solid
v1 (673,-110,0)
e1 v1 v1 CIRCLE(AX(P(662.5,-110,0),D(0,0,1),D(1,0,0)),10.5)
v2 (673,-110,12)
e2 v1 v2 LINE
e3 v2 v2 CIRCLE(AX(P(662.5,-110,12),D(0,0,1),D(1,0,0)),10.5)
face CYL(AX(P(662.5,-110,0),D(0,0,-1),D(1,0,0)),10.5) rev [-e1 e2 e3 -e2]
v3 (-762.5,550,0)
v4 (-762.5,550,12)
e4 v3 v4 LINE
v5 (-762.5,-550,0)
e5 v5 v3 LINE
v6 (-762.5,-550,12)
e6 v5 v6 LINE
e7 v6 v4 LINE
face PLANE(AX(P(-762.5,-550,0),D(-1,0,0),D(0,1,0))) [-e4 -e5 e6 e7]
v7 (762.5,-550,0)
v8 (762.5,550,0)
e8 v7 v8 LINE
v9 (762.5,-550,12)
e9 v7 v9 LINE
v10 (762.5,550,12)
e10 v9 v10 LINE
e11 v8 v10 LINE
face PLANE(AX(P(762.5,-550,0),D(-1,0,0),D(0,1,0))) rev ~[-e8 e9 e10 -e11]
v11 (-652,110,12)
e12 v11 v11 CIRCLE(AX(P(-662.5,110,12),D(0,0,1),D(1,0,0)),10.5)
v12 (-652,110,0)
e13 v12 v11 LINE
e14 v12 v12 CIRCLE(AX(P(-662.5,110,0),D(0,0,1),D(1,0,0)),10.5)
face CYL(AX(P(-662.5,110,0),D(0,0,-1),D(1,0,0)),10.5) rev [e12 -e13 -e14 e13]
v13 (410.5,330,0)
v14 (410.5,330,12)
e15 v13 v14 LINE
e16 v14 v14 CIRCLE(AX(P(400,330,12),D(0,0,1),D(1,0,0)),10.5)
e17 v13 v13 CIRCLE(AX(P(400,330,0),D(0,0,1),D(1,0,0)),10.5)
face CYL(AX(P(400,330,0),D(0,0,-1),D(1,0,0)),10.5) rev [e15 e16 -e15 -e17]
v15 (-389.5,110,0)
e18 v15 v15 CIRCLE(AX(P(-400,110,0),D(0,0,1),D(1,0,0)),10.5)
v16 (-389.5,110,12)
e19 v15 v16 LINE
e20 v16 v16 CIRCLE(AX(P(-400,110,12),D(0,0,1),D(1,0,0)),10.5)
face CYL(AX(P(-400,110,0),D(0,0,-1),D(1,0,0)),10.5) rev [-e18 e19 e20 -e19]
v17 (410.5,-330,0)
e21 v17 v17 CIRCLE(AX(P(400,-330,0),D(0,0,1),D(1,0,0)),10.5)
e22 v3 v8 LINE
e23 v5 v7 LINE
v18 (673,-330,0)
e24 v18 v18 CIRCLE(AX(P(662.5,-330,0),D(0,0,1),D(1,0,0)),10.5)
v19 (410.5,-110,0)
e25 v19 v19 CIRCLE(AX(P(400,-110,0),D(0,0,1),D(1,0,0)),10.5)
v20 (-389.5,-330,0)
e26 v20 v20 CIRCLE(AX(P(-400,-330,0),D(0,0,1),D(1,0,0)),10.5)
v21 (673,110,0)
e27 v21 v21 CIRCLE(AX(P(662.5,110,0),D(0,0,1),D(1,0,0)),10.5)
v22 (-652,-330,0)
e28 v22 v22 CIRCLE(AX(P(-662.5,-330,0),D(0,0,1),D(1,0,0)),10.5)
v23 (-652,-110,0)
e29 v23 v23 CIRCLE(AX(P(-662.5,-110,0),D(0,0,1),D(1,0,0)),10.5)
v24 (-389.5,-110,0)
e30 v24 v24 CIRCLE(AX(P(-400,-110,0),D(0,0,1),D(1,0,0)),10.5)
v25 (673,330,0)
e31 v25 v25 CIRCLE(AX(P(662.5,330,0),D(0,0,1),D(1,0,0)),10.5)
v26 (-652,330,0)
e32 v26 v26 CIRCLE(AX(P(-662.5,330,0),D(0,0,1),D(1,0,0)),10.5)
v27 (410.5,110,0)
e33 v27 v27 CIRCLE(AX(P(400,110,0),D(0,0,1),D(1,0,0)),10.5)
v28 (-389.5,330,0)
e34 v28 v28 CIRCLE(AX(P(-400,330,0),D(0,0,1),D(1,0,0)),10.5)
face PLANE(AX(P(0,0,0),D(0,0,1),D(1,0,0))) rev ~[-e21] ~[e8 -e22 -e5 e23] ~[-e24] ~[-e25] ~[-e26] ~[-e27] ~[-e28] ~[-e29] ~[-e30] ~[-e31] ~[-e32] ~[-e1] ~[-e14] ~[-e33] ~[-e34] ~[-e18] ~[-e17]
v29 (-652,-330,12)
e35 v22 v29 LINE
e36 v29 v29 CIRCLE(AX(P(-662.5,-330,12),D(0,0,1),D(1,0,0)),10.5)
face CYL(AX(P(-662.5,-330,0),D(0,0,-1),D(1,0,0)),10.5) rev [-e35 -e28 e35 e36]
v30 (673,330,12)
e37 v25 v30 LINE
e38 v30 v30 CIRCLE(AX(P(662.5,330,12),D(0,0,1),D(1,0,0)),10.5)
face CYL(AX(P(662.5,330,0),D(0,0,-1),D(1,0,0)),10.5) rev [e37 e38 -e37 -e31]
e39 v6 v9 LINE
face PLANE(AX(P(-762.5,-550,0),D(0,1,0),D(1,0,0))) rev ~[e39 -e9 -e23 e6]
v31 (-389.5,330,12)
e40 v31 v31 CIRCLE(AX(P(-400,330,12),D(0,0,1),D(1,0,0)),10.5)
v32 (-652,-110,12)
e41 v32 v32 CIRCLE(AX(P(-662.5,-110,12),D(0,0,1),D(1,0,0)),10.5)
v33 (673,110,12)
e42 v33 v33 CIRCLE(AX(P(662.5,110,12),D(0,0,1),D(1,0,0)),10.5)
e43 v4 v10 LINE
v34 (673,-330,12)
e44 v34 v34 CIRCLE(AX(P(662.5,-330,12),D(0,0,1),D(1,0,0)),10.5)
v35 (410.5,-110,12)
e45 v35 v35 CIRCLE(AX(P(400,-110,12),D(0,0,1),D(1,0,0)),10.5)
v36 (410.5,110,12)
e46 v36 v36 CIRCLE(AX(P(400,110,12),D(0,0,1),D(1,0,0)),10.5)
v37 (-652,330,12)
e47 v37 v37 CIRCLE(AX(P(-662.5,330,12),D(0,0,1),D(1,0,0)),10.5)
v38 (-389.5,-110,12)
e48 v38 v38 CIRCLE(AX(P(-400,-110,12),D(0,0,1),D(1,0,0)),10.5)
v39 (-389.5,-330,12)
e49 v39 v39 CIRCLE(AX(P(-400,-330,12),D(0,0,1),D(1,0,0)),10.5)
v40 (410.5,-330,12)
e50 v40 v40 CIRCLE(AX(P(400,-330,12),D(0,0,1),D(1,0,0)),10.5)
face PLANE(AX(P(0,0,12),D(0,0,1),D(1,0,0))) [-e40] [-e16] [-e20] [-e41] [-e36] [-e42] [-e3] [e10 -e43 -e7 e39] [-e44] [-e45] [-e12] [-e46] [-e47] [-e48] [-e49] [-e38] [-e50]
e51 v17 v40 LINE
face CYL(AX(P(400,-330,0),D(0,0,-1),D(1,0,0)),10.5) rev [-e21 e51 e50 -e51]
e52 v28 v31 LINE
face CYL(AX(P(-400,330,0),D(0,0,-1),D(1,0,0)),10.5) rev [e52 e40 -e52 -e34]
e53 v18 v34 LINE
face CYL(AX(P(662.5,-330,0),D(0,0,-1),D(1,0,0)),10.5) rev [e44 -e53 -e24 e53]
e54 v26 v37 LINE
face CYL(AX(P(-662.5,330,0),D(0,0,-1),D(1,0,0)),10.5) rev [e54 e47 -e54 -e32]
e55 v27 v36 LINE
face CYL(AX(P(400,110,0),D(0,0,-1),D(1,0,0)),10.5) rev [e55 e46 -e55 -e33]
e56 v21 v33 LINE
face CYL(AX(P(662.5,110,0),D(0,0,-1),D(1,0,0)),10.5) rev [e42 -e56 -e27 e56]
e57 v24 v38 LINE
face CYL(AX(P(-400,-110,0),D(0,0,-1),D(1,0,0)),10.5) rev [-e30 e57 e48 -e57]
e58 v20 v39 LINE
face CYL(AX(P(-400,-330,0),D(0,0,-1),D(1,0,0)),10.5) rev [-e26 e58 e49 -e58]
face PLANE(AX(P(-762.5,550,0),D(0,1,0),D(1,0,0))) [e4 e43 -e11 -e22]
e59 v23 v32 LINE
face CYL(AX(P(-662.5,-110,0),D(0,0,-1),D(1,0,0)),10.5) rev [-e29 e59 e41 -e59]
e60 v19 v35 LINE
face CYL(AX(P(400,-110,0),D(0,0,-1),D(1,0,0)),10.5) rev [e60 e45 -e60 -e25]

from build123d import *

# Parameters (mm, degrees)
F0_W     = 1525
F0_H     = 1100
F0_R     = 10.5
F1_DEPTH = 12


with BuildPart() as f1:
    # F0 (on Top) → F1 (new body)
    with BuildSketch(Plane.XY):
        Rectangle(F0_W, F0_H)
        with Locations((-662.5, -330)):
            Circle(F0_R, mode=Mode.SUBTRACT)
        with Locations((-400, -330)):
            Circle(F0_R, mode=Mode.SUBTRACT)
        with Locations((-662.5, -110)):
            Circle(F0_R, mode=Mode.SUBTRACT)
        with Locations((-400, -110)):
            Circle(F0_R, mode=Mode.SUBTRACT)
        with Locations((400, -330)):
            Circle(F0_R, mode=Mode.SUBTRACT)
        with Locations((662.5, -330)):
            Circle(F0_R, mode=Mode.SUBTRACT)
        with Locations((400, -110)):
            Circle(F0_R, mode=Mode.SUBTRACT)
        with Locations((662.5, -110)):
            Circle(F0_R, mode=Mode.SUBTRACT)
        with Locations((-662.5, 110)):
            Circle(F0_R, mode=Mode.SUBTRACT)
        with Locations((-400, 110)):
            Circle(F0_R, mode=Mode.SUBTRACT)
        with Locations((-662.5, 330)):
            Circle(F0_R, mode=Mode.SUBTRACT)
        with Locations((-400, 330)):
            Circle(F0_R, mode=Mode.SUBTRACT)
        with Locations((400, 110)):
            Circle(F0_R, mode=Mode.SUBTRACT)
        with Locations((662.5, 110)):
            Circle(F0_R, mode=Mode.SUBTRACT)
        with Locations((400, 330)):
            Circle(F0_R, mode=Mode.SUBTRACT)
        with Locations((662.5, 330)):
            Circle(F0_R, mode=Mode.SUBTRACT)
    extrude(amount=F1_DEPTH)


solid = f1.part
